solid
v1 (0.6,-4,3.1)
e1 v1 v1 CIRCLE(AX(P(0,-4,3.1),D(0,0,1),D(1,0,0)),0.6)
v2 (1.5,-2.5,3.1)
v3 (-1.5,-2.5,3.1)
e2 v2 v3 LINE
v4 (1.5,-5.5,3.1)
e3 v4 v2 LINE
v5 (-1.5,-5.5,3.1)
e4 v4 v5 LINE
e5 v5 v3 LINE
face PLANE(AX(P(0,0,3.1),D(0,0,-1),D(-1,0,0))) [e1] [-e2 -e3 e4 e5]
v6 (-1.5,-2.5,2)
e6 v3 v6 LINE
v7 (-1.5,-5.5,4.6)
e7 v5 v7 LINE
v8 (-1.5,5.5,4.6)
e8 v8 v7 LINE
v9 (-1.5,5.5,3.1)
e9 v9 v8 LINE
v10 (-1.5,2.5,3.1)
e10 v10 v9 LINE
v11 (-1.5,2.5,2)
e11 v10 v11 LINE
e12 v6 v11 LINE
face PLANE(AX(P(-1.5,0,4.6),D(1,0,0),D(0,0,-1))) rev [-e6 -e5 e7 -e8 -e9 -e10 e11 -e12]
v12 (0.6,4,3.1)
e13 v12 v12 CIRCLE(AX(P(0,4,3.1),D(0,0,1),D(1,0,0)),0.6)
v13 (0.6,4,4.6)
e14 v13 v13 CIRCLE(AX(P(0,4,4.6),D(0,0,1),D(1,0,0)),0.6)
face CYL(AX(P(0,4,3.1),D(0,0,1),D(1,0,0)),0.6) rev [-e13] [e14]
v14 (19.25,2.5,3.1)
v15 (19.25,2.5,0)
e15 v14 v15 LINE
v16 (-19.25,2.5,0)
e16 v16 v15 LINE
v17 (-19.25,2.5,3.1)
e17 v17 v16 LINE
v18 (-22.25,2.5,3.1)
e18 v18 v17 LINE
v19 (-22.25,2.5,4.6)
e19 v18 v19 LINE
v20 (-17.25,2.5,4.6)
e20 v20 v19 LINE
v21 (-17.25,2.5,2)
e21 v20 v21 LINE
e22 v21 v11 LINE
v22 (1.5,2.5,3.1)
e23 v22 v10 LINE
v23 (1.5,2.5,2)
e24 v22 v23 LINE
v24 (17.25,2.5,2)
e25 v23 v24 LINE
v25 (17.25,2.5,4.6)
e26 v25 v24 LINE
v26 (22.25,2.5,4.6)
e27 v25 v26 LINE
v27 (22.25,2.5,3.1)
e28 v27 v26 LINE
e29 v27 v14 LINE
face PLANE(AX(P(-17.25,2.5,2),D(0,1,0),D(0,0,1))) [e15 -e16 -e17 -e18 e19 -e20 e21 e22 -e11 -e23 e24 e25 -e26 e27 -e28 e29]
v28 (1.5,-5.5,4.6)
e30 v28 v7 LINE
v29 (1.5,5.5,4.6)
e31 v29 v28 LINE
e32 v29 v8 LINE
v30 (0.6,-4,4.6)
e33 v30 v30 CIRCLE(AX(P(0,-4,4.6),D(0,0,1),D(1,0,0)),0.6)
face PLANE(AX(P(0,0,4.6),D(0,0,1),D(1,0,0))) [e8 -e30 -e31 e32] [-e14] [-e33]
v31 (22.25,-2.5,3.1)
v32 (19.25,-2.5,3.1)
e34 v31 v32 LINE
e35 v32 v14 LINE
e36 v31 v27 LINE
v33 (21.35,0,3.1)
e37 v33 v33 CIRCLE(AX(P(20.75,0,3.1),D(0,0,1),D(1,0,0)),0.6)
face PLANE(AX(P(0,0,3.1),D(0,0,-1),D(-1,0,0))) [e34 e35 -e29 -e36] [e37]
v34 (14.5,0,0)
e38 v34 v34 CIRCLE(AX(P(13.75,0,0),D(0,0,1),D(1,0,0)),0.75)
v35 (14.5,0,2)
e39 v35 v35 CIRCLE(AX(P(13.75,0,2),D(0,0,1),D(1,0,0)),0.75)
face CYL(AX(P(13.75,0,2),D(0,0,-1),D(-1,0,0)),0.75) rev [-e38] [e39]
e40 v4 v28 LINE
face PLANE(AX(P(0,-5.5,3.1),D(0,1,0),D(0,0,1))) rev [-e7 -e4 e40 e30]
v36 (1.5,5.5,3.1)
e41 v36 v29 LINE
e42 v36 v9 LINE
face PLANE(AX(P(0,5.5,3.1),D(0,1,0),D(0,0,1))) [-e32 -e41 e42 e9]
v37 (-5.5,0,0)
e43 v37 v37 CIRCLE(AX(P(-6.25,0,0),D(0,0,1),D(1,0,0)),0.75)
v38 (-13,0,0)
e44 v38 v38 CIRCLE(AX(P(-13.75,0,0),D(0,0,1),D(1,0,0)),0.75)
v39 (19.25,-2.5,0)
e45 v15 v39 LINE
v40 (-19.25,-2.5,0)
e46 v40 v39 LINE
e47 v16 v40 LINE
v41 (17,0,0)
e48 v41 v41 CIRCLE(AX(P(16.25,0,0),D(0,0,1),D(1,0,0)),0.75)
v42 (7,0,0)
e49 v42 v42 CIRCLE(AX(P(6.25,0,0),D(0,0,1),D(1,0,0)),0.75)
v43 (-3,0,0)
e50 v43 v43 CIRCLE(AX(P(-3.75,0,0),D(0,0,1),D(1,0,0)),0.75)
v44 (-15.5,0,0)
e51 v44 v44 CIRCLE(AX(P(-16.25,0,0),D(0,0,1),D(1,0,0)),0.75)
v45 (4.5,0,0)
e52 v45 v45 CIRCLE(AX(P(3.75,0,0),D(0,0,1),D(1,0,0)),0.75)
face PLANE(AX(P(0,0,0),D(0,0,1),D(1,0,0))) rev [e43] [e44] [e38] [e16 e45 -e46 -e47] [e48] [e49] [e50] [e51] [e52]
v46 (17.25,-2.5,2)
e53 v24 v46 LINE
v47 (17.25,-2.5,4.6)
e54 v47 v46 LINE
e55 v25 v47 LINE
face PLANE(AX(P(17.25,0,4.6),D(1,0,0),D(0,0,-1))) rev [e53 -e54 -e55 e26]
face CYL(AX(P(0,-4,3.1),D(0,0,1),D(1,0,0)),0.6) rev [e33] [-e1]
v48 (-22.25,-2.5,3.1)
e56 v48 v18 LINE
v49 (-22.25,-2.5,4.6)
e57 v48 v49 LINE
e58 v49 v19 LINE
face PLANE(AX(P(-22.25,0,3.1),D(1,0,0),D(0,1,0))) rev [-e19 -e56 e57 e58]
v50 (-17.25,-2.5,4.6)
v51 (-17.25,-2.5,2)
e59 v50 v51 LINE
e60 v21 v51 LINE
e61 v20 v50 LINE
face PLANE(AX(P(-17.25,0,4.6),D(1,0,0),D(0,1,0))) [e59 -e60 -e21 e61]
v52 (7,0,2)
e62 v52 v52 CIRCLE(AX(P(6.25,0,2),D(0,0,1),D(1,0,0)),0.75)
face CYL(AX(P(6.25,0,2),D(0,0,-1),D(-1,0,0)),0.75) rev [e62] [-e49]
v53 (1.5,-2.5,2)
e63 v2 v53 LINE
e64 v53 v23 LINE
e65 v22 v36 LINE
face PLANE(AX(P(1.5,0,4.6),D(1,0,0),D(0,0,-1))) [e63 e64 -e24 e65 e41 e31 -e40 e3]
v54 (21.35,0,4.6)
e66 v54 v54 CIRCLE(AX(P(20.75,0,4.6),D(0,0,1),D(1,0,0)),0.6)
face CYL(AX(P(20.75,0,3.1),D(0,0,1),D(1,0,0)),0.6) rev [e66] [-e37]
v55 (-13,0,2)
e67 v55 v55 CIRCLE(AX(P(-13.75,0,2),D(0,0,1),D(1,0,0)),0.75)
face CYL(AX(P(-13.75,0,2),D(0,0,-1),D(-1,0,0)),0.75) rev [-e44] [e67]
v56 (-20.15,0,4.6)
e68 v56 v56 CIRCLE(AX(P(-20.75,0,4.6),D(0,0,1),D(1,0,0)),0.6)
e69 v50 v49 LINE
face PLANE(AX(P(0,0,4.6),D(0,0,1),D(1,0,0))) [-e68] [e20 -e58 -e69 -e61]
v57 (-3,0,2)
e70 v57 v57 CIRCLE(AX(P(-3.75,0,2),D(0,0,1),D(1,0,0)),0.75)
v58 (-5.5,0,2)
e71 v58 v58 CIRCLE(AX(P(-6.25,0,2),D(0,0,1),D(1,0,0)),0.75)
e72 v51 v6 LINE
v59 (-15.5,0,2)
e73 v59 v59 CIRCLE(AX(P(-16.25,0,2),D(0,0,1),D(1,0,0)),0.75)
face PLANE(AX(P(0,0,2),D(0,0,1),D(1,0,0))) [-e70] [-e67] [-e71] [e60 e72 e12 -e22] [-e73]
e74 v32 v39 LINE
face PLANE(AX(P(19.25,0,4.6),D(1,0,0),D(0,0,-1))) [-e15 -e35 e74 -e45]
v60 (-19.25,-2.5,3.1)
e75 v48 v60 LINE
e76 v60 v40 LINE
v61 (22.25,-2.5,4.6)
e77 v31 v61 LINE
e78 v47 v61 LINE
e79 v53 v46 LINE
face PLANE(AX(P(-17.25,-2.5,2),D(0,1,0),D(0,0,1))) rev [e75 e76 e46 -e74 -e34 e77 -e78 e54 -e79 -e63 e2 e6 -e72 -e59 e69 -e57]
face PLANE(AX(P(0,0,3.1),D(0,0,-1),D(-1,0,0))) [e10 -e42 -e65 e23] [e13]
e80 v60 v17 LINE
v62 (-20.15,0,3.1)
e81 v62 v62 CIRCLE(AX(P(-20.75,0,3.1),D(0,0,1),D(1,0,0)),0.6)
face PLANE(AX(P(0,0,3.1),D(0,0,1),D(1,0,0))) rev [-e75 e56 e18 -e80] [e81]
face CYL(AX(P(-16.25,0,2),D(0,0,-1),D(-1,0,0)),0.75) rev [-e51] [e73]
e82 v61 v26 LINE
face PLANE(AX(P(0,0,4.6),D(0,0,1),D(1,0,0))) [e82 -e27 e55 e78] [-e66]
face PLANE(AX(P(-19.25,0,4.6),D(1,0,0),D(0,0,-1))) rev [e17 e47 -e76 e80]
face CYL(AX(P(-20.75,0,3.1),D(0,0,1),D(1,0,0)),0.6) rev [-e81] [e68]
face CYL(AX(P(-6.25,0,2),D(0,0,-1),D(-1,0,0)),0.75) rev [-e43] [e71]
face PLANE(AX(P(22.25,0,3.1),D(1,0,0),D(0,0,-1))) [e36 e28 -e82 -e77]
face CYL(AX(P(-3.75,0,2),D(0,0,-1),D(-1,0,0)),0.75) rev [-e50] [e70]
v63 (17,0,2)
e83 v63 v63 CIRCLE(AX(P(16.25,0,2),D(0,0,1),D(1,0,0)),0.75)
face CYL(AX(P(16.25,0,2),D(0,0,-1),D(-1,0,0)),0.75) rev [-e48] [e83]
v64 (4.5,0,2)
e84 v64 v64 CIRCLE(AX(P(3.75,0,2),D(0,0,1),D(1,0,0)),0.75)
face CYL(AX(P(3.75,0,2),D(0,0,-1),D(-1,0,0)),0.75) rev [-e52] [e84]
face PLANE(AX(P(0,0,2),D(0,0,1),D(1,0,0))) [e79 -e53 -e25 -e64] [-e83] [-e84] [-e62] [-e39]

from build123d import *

# Parameters (mm, degrees)
SKETCH_1_W          = 34.5
SKETCH_1_H          = 5
EXTRUDE_1_DEPTH     = 2
SKETCH_1_9_R        = 0.75
CUT_EXTRUDE_1_DEPTH = 18.54458606
SKETCH_1_10_W       = 2
SKETCH_1_10_H       = 5
SKETCH_1_10_W_2     = 3
SKETCH_1_10_H_2     = 2.5
EXTRUDE_2_DEPTH     = 4.6
EXTRUDE_START       = 4.6
SKETCH_1_12_W       = 3
SKETCH_1_12_H       = 3
SKETCH_1_12_R       = 0.6
SKETCH_1_12_H_2     = 5
EXTRUDE_3_DEPTH     = 1.5


with BuildPart() as part:
    # 草图1 → 凸台-拉伸1 (new body)
    with BuildSketch(Plane.XY):
        Rectangle(SKETCH_1_W, SKETCH_1_H)
    extrude(amount=EXTRUDE_1_DEPTH)

    # 草图1<9> → 切除-拉伸1 (cut, through all)
    with BuildSketch(Plane.XY):
        with Locations((-16.25, 0)):
            Circle(SKETCH_1_9_R)
        with Locations((-13.75, 0)):
            Circle(SKETCH_1_9_R)
        with Locations((-6.25, 0)):
            Circle(SKETCH_1_9_R)
        with Locations((-3.75, 0)):
            Circle(SKETCH_1_9_R)
        with Locations((3.75, 0)):
            Circle(SKETCH_1_9_R)
        with Locations((6.25, 0)):
            Circle(SKETCH_1_9_R)
        with Locations((13.75, 0)):
            Circle(SKETCH_1_9_R)
        with Locations((16.25, 0)):
            Circle(SKETCH_1_9_R)
    extrude(amount=CUT_EXTRUDE_1_DEPTH, mode=Mode.SUBTRACT)

    # 草图1<10> → 凸台-拉伸2 (add)
    with BuildSketch(Plane.XY):
        with Locations((-18.25, 0)):
            Rectangle(SKETCH_1_10_W, SKETCH_1_10_H)
        with Locations((18.25, 0)):
            Rectangle(SKETCH_1_10_W, SKETCH_1_10_H)
        with Locations((0, 1.25)):
            Rectangle(SKETCH_1_10_W_2, SKETCH_1_10_H_2)
        with Locations((0, -1.25)):
            Rectangle(SKETCH_1_10_W_2, SKETCH_1_10_H_2)
    extrude(amount=EXTRUDE_2_DEPTH)

    # 草图1<12> → 凸台-拉伸3 (add)
    # profile 1 of 4: a face of its own
    with BuildSketch(Plane.XY.offset(EXTRUDE_START)):
        with Locations((0, 4)):
            Rectangle(SKETCH_1_12_W, SKETCH_1_12_H)
        with Locations((0, 4)):
            Circle(SKETCH_1_12_R, mode=Mode.SUBTRACT)
    # profile 2 of 4: a face of its own
    with BuildSketch(Plane.XY.offset(EXTRUDE_START)):
        with Locations((-20.75, 0)):
            Rectangle(SKETCH_1_12_W, SKETCH_1_12_H_2)
        with Locations((-20.75, 0)):
            Circle(SKETCH_1_12_R, mode=Mode.SUBTRACT)
    # profile 3 of 4: a face of its own
    with BuildSketch(Plane.XY.offset(EXTRUDE_START)):
        with Locations((0, -4)):
            Rectangle(SKETCH_1_12_W, SKETCH_1_12_H)
        with Locations((0, -4)):
            Circle(SKETCH_1_12_R, mode=Mode.SUBTRACT)
    # profile 4 of 4: a face of its own
    with BuildSketch(Plane.XY.offset(EXTRUDE_START)):
        with Locations((20.75, 0)):
            Rectangle(SKETCH_1_12_W, SKETCH_1_12_H_2)
        with Locations((20.75, 0)):
            Circle(SKETCH_1_12_R, mode=Mode.SUBTRACT)
    extrude(amount=-EXTRUDE_3_DEPTH)


solid = part.part
